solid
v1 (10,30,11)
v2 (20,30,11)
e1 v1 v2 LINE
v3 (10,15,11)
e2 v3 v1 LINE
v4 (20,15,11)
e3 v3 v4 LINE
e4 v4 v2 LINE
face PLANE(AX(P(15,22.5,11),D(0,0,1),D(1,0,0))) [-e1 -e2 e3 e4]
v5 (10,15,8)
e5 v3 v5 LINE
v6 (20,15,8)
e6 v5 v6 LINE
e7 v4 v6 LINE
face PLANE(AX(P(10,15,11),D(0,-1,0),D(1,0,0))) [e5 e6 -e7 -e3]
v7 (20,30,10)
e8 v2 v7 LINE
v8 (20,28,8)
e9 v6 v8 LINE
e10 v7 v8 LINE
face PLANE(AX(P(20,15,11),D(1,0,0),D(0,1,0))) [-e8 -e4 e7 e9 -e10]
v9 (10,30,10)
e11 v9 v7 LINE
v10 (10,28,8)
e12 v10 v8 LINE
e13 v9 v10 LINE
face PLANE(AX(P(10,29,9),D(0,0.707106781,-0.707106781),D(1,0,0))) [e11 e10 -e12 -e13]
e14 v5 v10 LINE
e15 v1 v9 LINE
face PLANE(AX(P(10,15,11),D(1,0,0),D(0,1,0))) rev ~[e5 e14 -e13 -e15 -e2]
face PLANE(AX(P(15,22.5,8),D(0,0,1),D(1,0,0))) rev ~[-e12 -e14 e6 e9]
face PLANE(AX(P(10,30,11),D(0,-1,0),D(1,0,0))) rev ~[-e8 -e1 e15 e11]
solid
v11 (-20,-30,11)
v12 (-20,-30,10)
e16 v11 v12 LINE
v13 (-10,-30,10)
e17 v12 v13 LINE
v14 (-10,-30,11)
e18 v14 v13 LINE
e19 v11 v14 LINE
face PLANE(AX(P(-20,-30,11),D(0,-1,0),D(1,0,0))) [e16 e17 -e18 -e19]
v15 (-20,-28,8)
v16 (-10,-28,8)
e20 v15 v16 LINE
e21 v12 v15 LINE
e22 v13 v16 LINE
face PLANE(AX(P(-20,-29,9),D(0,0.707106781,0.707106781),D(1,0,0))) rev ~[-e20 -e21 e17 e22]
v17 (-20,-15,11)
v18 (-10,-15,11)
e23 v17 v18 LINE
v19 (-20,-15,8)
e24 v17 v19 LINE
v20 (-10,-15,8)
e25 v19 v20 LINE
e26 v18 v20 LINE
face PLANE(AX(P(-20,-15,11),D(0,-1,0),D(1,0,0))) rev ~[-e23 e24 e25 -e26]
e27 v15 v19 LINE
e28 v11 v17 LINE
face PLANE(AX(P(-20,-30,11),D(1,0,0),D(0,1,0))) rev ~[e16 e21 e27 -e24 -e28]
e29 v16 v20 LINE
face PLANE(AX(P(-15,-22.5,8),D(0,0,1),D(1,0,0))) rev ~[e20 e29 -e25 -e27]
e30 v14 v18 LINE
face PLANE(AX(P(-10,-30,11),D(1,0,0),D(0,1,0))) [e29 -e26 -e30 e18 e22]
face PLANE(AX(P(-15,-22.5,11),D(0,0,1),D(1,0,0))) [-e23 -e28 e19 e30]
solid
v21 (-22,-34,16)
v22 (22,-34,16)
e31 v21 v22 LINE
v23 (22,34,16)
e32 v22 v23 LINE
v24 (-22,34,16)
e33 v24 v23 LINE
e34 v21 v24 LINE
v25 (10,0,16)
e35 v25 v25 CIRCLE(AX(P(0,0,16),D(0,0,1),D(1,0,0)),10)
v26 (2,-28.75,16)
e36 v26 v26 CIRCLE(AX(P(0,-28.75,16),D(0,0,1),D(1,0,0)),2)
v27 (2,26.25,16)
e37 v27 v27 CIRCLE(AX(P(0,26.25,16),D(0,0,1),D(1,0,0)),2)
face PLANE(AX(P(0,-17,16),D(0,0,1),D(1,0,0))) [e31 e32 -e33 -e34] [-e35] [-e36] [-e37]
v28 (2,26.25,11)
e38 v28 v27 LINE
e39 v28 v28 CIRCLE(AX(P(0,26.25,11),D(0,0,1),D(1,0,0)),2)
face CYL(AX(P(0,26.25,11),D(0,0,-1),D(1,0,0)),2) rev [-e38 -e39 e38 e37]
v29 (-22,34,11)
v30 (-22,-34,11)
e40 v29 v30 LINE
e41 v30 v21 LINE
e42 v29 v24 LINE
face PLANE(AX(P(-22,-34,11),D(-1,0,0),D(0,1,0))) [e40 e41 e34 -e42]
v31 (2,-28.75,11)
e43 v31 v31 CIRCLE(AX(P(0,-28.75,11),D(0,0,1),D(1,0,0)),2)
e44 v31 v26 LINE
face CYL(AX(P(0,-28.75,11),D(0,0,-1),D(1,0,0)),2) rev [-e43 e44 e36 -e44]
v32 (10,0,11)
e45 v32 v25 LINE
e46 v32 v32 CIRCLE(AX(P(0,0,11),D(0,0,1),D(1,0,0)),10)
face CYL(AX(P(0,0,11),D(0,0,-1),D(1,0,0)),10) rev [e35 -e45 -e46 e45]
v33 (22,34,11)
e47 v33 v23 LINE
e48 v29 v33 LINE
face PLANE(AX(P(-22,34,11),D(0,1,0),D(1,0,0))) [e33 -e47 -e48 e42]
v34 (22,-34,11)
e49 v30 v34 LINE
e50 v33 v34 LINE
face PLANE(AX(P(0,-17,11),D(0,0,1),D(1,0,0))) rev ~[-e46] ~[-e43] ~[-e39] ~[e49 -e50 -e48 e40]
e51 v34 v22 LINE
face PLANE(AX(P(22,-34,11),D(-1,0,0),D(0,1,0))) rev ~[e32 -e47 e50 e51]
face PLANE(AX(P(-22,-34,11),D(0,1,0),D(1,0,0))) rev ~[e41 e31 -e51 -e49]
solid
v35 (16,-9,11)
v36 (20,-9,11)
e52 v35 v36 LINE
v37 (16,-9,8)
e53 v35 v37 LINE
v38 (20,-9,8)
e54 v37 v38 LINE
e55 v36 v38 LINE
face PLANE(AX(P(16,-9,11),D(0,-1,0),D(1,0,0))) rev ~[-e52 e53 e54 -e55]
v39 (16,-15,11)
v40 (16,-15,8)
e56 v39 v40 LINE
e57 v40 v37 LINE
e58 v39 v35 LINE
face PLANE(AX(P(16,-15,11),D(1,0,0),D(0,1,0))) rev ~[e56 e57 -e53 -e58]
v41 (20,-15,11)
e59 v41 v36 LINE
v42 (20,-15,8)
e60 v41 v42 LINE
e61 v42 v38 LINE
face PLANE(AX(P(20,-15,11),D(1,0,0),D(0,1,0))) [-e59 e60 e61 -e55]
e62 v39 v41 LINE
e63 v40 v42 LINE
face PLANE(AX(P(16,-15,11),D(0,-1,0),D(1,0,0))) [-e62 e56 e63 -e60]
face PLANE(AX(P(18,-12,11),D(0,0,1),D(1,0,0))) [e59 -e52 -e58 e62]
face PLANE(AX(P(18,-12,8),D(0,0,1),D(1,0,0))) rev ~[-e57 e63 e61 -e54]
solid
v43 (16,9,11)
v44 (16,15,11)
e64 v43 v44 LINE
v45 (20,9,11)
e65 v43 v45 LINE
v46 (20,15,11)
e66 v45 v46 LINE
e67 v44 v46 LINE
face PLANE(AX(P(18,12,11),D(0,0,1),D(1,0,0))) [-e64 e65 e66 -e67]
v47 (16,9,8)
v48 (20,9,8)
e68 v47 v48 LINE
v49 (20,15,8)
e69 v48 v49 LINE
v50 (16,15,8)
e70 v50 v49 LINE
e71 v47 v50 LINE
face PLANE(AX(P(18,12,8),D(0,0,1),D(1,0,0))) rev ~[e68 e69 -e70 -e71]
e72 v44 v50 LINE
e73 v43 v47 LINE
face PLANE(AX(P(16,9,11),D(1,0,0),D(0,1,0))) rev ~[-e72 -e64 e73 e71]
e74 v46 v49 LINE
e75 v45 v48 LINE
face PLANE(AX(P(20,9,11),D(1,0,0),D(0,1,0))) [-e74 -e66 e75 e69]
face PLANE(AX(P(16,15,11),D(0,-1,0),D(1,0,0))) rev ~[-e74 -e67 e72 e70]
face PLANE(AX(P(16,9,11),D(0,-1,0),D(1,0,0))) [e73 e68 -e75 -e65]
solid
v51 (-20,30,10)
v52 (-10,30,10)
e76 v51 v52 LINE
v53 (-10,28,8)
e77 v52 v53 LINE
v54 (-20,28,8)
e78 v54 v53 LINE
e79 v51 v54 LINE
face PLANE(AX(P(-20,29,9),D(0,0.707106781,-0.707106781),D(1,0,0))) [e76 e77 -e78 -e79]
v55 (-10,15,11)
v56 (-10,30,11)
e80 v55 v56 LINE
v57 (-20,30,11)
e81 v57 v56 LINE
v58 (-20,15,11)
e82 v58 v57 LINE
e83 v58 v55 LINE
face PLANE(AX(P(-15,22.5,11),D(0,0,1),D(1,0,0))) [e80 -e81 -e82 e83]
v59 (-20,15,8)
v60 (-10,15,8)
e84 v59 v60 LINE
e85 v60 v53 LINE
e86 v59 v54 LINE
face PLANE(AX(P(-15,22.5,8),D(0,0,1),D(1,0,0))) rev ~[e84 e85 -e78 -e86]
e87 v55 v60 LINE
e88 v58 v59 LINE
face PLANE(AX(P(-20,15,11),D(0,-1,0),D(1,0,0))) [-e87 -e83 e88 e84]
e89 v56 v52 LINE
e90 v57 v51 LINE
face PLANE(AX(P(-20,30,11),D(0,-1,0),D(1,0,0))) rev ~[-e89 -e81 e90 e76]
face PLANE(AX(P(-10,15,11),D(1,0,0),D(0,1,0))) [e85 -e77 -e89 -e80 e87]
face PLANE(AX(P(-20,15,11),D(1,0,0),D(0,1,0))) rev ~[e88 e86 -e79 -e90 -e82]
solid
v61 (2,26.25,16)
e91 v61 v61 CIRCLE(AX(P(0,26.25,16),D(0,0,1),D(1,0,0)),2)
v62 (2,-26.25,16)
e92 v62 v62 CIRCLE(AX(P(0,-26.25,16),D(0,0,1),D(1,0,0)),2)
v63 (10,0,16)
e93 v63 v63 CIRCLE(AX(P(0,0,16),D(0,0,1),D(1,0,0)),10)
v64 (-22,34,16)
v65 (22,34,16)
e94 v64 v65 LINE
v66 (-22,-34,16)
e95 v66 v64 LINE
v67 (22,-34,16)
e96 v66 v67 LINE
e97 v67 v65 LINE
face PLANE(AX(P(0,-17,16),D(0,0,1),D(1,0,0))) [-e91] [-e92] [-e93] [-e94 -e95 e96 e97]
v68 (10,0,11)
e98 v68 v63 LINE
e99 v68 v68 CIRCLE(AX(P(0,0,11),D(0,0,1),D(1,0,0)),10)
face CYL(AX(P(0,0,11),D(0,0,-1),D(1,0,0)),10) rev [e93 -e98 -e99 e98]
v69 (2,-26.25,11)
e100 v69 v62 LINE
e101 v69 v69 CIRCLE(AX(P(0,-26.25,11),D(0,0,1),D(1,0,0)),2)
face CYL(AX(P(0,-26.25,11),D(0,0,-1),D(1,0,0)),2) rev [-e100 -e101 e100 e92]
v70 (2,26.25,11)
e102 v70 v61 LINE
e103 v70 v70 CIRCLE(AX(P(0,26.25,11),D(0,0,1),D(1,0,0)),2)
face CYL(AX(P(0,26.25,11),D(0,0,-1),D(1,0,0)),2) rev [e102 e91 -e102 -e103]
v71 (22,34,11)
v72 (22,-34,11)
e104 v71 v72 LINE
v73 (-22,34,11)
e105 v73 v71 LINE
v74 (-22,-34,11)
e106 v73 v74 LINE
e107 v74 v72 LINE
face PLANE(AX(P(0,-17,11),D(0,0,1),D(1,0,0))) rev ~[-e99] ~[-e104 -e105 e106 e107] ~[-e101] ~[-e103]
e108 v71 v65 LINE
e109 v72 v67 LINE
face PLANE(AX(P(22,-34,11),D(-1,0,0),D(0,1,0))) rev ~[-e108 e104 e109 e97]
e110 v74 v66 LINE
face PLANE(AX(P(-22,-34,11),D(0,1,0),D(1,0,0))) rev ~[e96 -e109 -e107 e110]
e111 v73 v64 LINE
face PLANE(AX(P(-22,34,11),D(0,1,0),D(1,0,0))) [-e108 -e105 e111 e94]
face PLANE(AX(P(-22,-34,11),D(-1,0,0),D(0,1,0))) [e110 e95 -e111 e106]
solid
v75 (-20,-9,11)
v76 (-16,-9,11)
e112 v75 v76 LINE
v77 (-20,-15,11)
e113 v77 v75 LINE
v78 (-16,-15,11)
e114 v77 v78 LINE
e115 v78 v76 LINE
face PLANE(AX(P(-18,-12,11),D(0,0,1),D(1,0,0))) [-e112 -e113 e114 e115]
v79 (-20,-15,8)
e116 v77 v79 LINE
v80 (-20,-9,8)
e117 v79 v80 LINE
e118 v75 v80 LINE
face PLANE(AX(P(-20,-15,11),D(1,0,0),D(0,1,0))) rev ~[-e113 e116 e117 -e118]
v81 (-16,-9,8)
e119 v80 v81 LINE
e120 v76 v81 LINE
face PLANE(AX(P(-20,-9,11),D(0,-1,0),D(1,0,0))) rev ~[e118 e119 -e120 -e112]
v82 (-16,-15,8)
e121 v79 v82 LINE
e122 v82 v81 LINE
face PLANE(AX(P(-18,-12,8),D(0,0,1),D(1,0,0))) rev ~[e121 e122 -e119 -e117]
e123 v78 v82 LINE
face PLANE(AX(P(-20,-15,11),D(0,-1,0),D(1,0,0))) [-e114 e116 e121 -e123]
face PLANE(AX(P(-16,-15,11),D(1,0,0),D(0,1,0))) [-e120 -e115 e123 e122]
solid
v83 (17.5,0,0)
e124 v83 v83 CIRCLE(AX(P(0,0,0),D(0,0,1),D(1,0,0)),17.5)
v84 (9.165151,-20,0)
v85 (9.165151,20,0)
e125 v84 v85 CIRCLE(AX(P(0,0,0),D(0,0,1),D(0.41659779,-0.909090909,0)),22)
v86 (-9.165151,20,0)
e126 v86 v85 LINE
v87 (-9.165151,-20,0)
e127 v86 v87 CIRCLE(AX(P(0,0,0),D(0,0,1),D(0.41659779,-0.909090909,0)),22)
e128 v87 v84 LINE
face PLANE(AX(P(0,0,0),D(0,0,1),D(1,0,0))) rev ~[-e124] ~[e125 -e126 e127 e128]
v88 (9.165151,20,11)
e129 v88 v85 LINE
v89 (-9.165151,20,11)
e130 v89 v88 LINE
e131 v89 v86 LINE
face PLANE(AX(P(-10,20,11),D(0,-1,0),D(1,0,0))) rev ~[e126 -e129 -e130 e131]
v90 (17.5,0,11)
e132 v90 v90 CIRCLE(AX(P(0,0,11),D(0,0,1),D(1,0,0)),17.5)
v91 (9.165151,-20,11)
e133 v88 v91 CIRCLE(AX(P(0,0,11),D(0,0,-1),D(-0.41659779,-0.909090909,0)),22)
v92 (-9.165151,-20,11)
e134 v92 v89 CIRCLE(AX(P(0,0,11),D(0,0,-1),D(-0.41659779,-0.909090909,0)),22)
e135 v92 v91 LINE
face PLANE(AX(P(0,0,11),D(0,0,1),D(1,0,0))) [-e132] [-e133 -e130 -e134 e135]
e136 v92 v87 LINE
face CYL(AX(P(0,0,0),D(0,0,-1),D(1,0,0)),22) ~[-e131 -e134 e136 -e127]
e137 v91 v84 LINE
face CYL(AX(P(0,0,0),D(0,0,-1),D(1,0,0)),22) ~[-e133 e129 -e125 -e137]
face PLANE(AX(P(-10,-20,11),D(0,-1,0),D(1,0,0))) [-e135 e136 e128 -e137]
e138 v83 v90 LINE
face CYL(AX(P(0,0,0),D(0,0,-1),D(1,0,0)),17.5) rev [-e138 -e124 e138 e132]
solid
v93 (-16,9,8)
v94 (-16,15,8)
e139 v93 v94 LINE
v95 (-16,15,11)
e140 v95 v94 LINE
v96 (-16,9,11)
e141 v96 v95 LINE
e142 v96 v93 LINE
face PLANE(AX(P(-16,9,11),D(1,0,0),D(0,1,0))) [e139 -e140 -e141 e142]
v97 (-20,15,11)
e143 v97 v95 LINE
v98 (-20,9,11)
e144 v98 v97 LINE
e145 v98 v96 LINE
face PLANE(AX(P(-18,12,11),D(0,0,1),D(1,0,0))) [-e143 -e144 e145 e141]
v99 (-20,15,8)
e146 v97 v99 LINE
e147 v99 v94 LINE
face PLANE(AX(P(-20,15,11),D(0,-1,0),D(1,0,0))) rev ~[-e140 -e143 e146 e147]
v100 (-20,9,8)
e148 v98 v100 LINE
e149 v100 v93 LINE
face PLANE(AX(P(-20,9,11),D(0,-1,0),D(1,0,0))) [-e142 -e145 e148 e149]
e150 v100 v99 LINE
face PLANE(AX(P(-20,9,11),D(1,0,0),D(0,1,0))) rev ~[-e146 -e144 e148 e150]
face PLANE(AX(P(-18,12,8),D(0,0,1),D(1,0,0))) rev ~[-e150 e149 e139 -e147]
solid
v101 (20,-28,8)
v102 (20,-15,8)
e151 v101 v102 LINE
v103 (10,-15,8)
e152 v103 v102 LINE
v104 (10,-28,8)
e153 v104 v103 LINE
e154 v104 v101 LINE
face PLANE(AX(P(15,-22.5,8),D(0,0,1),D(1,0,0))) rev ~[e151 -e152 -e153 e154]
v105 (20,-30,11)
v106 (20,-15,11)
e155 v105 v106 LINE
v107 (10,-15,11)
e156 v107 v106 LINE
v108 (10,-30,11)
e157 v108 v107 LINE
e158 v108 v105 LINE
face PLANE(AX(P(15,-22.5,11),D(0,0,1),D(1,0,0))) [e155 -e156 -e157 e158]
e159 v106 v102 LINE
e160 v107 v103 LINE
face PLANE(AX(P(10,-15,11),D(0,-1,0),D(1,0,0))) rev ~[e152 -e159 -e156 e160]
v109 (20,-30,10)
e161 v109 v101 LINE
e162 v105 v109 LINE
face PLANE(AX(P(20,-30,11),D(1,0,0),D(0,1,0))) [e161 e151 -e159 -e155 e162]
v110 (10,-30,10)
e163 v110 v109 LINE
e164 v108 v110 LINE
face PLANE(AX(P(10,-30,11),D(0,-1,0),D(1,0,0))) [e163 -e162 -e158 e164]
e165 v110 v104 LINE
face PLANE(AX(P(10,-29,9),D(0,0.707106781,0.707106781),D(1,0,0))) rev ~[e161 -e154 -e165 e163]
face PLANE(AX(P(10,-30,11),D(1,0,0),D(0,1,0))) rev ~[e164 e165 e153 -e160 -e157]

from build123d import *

# Parameters (mm, degrees)
RECTANGLE005_W   = 20
RECTANGLE005_H   = 6.25
EXTRUDE003_DEPTH = 11
RECTANGLE004_W   = 20
RECTANGLE004_H   = 6.25
EXTRUDE002_DEPTH = 11
CIRCLE_R         = 17.5
EXTRUDE_DEPTH    = 11
CIRCLE001_R      = 22
EXTRUDE001_DEPTH = 11
RECTANGLE010_W   = 4
RECTANGLE010_H   = 6
EXTRUDE011_DEPTH = 3
RECTANGLE011_W   = 4
RECTANGLE011_H   = 6
EXTRUDE012_DEPTH = 3
RECTANGLE012_W   = 4
RECTANGLE012_H   = 6
EXTRUDE013_DEPTH = 3
RECTANGLE013_W   = 4
RECTANGLE013_H   = 6
EXTRUDE014_DEPTH = 3
RECTANGLE006_W   = 10
RECTANGLE006_H   = 15
EXTRUDE007_DEPTH = 3
CHAMFER_SIZE     = 2
RECTANGLE008_W   = 10
RECTANGLE008_H   = 15
EXTRUDE008_DEPTH = 3
CHAMFER001_SIZE  = 2
RECTANGLE007_W   = 10
RECTANGLE007_H   = 15
EXTRUDE009_DEPTH = 3
CHAMFER002_SIZE  = 2
RECTANGLE009_W   = 10
RECTANGLE009_H   = 15
EXTRUDE010_DEPTH = 3
CHAMFER003_SIZE  = 2
CIRCLE003_R      = 2
EXTRUDE016_DEPTH = 5
CIRCLE004_R      = 2
EXTRUDE015_DEPTH = 5
CIRCLE002_R      = 10
EXTRUDE006_DEPTH = 5
RECTANGLE_W      = 44
RECTANGLE_H      = 34
EXTRUDE004_DEPTH = 5
RECTANGLE003_W   = 44
RECTANGLE003_H   = 34
EXTRUDE005_DEPTH = 5
CIRCLE007_R      = 2
EXTRUDE021_DEPTH = 5
CIRCLE006_R      = 2
EXTRUDE020_DEPTH = 5
CIRCLE005_R      = 10
EXTRUDE019_DEPTH = 5
RECTANGLE014_W   = 44
RECTANGLE014_H   = 34
EXTRUDE017_DEPTH = 5
RECTANGLE015_W   = 44
RECTANGLE015_H   = 34
EXTRUDE018_DEPTH = 5


with BuildPart() as extrude003:
    # Rectangle005 → Extrude003 (new body)
    with BuildSketch(Plane(origin=(-10, 20, 11), x_dir=(1, 0, 0), z_dir=(0, 0, 1))):
        with Locations((10, 3.125)):
            Rectangle(RECTANGLE005_W, RECTANGLE005_H)
    extrude(amount=-EXTRUDE003_DEPTH)


with BuildPart() as extrude002:
    # Rectangle004 → Extrude002 (new body)
    with BuildSketch(Plane(origin=(-10, -26.25, 11), x_dir=(1, 0, 0), z_dir=(0, 0, 1))):
        with Locations((10, 3.125)):
            Rectangle(RECTANGLE004_W, RECTANGLE004_H)
    extrude(amount=-EXTRUDE002_DEPTH)


with BuildPart() as extrude_body:
    # Circle → Extrude (new body)
    with BuildSketch(Plane.XY):
        Circle(CIRCLE_R)
    extrude(amount=EXTRUDE_DEPTH)


with BuildPart() as cut002:
    # Circle001 → Extrude001 (new body)
    with BuildSketch(Plane.XY):
        Circle(CIRCLE001_R)
    extrude(amount=EXTRUDE001_DEPTH)

    # Cut: cut Extrude body
    add(extrude_body.part, mode=Mode.SUBTRACT)

    # Cut001: cut Extrude002
    add(extrude002.part, mode=Mode.SUBTRACT)

    # Cut002: cut Extrude003
    add(extrude003.part, mode=Mode.SUBTRACT)


with BuildPart() as extrude011:
    # Rectangle010 → Extrude011 (new body)
    with BuildSketch(Plane(origin=(16, -15, 11), x_dir=(1, 0, 0), z_dir=(0, 0, 1))):
        with Locations((2, 3)):
            Rectangle(RECTANGLE010_W, RECTANGLE010_H)
    extrude(amount=-EXTRUDE011_DEPTH)


with BuildPart() as extrude012:
    # Rectangle011 → Extrude012 (new body)
    with BuildSketch(Plane(origin=(16, 9, 11), x_dir=(1, 0, 0), z_dir=(0, 0, 1))):
        with Locations((2, 3)):
            Rectangle(RECTANGLE011_W, RECTANGLE011_H)
    extrude(amount=-EXTRUDE012_DEPTH)


with BuildPart() as extrude013:
    # Rectangle012 → Extrude013 (new body)
    with BuildSketch(Plane(origin=(-20, 9, 11), x_dir=(1, 0, 0), z_dir=(0, 0, 1))):
        with Locations((2, 3)):
            Rectangle(RECTANGLE012_W, RECTANGLE012_H)
    extrude(amount=-EXTRUDE013_DEPTH)


with BuildPart() as extrude014:
    # Rectangle013 → Extrude014 (new body)
    with BuildSketch(Plane(origin=(-20, -15, 11), x_dir=(1, 0, 0), z_dir=(0, 0, 1))):
        with Locations((2, 3)):
            Rectangle(RECTANGLE013_W, RECTANGLE013_H)
    extrude(amount=-EXTRUDE014_DEPTH)


with BuildPart() as chamfer_body:
    # Rectangle006 → Extrude007 (new body)
    with BuildSketch(Plane(origin=(10, 15, 11), x_dir=(1, 0, 0), z_dir=(0, 0, 1))):
        with Locations((5, 7.5)):
            Rectangle(RECTANGLE006_W, RECTANGLE006_H)
    extrude(amount=-EXTRUDE007_DEPTH)

    # Chamfer
    chamfer_edges = [chamfer_body.edges().sort_by_distance(p)[0] for p in [
        (15, 30, 8),
    ]]
    chamfer(chamfer_edges, length=CHAMFER_SIZE)


with BuildPart() as chamfer001:
    # Rectangle008 → Extrude008 (new body)
    with BuildSketch(Plane(origin=(-20, 15, 11), x_dir=(1, 0, 0), z_dir=(0, 0, 1))):
        with Locations((5, 7.5)):
            Rectangle(RECTANGLE008_W, RECTANGLE008_H)
    extrude(amount=-EXTRUDE008_DEPTH)

    # Chamfer001
    chamfer001_edges = [chamfer001.edges().sort_by_distance(p)[0] for p in [
        (-15, 30, 8),
    ]]
    chamfer(chamfer001_edges, length=CHAMFER001_SIZE)


with BuildPart() as chamfer002:
    # Rectangle007 → Extrude009 (new body)
    with BuildSketch(Plane(origin=(10, -30, 11), x_dir=(1, 0, 0), z_dir=(0, 0, 1))):
        with Locations((5, 7.5)):
            Rectangle(RECTANGLE007_W, RECTANGLE007_H)
    extrude(amount=-EXTRUDE009_DEPTH)

    # Chamfer002
    chamfer002_edges = [chamfer002.edges().sort_by_distance(p)[0] for p in [
        (15, -30, 8),
    ]]
    chamfer(chamfer002_edges, length=CHAMFER002_SIZE)


with BuildPart() as chamfer003:
    # Rectangle009 → Extrude010 (new body)
    with BuildSketch(Plane(origin=(-20, -30, 11), x_dir=(1, 0, 0), z_dir=(0, 0, 1))):
        with Locations((5, 7.5)):
            Rectangle(RECTANGLE009_W, RECTANGLE009_H)
    extrude(amount=-EXTRUDE010_DEPTH)

    # Chamfer003
    chamfer003_edges = [chamfer003.edges().sort_by_distance(p)[0] for p in [
        (-15, -30, 8),
    ]]
    chamfer(chamfer003_edges, length=CHAMFER003_SIZE)


with BuildPart() as extrude016:
    # Circle003 → Extrude016 (new body)
    with BuildSketch(Plane(origin=(0, -26.25, 11), x_dir=(1, 0, 0), z_dir=(0, 0, 1))):
        Circle(CIRCLE003_R)
    extrude(amount=EXTRUDE016_DEPTH)


with BuildPart() as extrude015:
    # Circle004 → Extrude015 (new body)
    with BuildSketch(Plane(origin=(0, 26.25, 11), x_dir=(1, 0, 0), z_dir=(0, 0, 1))):
        Circle(CIRCLE004_R)
    extrude(amount=EXTRUDE015_DEPTH)


with BuildPart() as extrude006:
    # Circle002 → Extrude006 (new body)
    with BuildSketch(Plane.XY.offset(11)):
        Circle(CIRCLE002_R)
    extrude(amount=EXTRUDE006_DEPTH)


with BuildPart() as extrude004:
    # Rectangle → Extrude004 (new body)
    with BuildSketch(Plane(origin=(-22, -34, 11), x_dir=(1, 0, 0), z_dir=(0, 0, 1))):
        with Locations((22, 17)):
            Rectangle(RECTANGLE_W, RECTANGLE_H)
    extrude(amount=EXTRUDE004_DEPTH)


with BuildPart() as cut005:
    # Rectangle003 → Extrude005 (new body)
    with BuildSketch(Plane(origin=(-22, 0, 11), x_dir=(1, 0, 0), z_dir=(0, 0, 1))):
        with Locations((22, 17)):
            Rectangle(RECTANGLE003_W, RECTANGLE003_H)
    extrude(amount=EXTRUDE005_DEPTH)

    # Fusion: union Extrude004
    add(extrude004.part)

    # Cut003: cut Extrude006
    add(extrude006.part, mode=Mode.SUBTRACT)

    # Cut004: cut Extrude015
    add(extrude015.part, mode=Mode.SUBTRACT)

    # Cut005: cut Extrude016
    add(extrude016.part, mode=Mode.SUBTRACT)


with BuildPart() as extrude021:
    # Circle007 → Extrude021 (new body)
    with BuildSketch(Plane(origin=(0, -26.25, 11), x_dir=(1, 0, 0), z_dir=(0, 0, 1))):
        Circle(CIRCLE007_R)
    extrude(amount=EXTRUDE021_DEPTH)


with BuildPart() as extrude021_1:
    # Extrude021 placement: moved
    add(extrude021.part.moved(Location((0, -2.5, 0))))


with BuildPart() as extrude020:
    # Circle006 → Extrude020 (new body)
    with BuildSketch(Plane(origin=(0, 26.25, 11), x_dir=(1, 0, 0), z_dir=(0, 0, 1))):
        Circle(CIRCLE006_R)
    extrude(amount=EXTRUDE020_DEPTH)


with BuildPart() as extrude019:
    # Circle005 → Extrude019 (new body)
    with BuildSketch(Plane.XY.offset(11)):
        Circle(CIRCLE005_R)
    extrude(amount=EXTRUDE019_DEPTH)


with BuildPart() as extrude017:
    # Rectangle014 → Extrude017 (new body)
    with BuildSketch(Plane(origin=(-22, -34, 11), x_dir=(1, 0, 0), z_dir=(0, 0, 1))):
        with Locations((22, 17)):
            Rectangle(RECTANGLE014_W, RECTANGLE014_H)
    extrude(amount=EXTRUDE017_DEPTH)


with BuildPart() as cut008:
    # Rectangle015 → Extrude018 (new body)
    with BuildSketch(Plane(origin=(-22, 0, 11), x_dir=(1, 0, 0), z_dir=(0, 0, 1))):
        with Locations((22, 17)):
            Rectangle(RECTANGLE015_W, RECTANGLE015_H)
    extrude(amount=EXTRUDE018_DEPTH)

    # Fusion001: union Extrude017
    add(extrude017.part)

    # Cut006: cut Extrude019
    add(extrude019.part, mode=Mode.SUBTRACT)

    # Cut007: cut Extrude020
    add(extrude020.part, mode=Mode.SUBTRACT)

    # Cut008: cut Extrude021
    add(extrude021_1.part, mode=Mode.SUBTRACT)


solid = Compound([cut002.part, extrude011.part, extrude012.part, extrude013.part, extrude014.part, chamfer_body.part, chamfer001.part, chamfer002.part, chamfer003.part, cut005.part, cut008.part])
